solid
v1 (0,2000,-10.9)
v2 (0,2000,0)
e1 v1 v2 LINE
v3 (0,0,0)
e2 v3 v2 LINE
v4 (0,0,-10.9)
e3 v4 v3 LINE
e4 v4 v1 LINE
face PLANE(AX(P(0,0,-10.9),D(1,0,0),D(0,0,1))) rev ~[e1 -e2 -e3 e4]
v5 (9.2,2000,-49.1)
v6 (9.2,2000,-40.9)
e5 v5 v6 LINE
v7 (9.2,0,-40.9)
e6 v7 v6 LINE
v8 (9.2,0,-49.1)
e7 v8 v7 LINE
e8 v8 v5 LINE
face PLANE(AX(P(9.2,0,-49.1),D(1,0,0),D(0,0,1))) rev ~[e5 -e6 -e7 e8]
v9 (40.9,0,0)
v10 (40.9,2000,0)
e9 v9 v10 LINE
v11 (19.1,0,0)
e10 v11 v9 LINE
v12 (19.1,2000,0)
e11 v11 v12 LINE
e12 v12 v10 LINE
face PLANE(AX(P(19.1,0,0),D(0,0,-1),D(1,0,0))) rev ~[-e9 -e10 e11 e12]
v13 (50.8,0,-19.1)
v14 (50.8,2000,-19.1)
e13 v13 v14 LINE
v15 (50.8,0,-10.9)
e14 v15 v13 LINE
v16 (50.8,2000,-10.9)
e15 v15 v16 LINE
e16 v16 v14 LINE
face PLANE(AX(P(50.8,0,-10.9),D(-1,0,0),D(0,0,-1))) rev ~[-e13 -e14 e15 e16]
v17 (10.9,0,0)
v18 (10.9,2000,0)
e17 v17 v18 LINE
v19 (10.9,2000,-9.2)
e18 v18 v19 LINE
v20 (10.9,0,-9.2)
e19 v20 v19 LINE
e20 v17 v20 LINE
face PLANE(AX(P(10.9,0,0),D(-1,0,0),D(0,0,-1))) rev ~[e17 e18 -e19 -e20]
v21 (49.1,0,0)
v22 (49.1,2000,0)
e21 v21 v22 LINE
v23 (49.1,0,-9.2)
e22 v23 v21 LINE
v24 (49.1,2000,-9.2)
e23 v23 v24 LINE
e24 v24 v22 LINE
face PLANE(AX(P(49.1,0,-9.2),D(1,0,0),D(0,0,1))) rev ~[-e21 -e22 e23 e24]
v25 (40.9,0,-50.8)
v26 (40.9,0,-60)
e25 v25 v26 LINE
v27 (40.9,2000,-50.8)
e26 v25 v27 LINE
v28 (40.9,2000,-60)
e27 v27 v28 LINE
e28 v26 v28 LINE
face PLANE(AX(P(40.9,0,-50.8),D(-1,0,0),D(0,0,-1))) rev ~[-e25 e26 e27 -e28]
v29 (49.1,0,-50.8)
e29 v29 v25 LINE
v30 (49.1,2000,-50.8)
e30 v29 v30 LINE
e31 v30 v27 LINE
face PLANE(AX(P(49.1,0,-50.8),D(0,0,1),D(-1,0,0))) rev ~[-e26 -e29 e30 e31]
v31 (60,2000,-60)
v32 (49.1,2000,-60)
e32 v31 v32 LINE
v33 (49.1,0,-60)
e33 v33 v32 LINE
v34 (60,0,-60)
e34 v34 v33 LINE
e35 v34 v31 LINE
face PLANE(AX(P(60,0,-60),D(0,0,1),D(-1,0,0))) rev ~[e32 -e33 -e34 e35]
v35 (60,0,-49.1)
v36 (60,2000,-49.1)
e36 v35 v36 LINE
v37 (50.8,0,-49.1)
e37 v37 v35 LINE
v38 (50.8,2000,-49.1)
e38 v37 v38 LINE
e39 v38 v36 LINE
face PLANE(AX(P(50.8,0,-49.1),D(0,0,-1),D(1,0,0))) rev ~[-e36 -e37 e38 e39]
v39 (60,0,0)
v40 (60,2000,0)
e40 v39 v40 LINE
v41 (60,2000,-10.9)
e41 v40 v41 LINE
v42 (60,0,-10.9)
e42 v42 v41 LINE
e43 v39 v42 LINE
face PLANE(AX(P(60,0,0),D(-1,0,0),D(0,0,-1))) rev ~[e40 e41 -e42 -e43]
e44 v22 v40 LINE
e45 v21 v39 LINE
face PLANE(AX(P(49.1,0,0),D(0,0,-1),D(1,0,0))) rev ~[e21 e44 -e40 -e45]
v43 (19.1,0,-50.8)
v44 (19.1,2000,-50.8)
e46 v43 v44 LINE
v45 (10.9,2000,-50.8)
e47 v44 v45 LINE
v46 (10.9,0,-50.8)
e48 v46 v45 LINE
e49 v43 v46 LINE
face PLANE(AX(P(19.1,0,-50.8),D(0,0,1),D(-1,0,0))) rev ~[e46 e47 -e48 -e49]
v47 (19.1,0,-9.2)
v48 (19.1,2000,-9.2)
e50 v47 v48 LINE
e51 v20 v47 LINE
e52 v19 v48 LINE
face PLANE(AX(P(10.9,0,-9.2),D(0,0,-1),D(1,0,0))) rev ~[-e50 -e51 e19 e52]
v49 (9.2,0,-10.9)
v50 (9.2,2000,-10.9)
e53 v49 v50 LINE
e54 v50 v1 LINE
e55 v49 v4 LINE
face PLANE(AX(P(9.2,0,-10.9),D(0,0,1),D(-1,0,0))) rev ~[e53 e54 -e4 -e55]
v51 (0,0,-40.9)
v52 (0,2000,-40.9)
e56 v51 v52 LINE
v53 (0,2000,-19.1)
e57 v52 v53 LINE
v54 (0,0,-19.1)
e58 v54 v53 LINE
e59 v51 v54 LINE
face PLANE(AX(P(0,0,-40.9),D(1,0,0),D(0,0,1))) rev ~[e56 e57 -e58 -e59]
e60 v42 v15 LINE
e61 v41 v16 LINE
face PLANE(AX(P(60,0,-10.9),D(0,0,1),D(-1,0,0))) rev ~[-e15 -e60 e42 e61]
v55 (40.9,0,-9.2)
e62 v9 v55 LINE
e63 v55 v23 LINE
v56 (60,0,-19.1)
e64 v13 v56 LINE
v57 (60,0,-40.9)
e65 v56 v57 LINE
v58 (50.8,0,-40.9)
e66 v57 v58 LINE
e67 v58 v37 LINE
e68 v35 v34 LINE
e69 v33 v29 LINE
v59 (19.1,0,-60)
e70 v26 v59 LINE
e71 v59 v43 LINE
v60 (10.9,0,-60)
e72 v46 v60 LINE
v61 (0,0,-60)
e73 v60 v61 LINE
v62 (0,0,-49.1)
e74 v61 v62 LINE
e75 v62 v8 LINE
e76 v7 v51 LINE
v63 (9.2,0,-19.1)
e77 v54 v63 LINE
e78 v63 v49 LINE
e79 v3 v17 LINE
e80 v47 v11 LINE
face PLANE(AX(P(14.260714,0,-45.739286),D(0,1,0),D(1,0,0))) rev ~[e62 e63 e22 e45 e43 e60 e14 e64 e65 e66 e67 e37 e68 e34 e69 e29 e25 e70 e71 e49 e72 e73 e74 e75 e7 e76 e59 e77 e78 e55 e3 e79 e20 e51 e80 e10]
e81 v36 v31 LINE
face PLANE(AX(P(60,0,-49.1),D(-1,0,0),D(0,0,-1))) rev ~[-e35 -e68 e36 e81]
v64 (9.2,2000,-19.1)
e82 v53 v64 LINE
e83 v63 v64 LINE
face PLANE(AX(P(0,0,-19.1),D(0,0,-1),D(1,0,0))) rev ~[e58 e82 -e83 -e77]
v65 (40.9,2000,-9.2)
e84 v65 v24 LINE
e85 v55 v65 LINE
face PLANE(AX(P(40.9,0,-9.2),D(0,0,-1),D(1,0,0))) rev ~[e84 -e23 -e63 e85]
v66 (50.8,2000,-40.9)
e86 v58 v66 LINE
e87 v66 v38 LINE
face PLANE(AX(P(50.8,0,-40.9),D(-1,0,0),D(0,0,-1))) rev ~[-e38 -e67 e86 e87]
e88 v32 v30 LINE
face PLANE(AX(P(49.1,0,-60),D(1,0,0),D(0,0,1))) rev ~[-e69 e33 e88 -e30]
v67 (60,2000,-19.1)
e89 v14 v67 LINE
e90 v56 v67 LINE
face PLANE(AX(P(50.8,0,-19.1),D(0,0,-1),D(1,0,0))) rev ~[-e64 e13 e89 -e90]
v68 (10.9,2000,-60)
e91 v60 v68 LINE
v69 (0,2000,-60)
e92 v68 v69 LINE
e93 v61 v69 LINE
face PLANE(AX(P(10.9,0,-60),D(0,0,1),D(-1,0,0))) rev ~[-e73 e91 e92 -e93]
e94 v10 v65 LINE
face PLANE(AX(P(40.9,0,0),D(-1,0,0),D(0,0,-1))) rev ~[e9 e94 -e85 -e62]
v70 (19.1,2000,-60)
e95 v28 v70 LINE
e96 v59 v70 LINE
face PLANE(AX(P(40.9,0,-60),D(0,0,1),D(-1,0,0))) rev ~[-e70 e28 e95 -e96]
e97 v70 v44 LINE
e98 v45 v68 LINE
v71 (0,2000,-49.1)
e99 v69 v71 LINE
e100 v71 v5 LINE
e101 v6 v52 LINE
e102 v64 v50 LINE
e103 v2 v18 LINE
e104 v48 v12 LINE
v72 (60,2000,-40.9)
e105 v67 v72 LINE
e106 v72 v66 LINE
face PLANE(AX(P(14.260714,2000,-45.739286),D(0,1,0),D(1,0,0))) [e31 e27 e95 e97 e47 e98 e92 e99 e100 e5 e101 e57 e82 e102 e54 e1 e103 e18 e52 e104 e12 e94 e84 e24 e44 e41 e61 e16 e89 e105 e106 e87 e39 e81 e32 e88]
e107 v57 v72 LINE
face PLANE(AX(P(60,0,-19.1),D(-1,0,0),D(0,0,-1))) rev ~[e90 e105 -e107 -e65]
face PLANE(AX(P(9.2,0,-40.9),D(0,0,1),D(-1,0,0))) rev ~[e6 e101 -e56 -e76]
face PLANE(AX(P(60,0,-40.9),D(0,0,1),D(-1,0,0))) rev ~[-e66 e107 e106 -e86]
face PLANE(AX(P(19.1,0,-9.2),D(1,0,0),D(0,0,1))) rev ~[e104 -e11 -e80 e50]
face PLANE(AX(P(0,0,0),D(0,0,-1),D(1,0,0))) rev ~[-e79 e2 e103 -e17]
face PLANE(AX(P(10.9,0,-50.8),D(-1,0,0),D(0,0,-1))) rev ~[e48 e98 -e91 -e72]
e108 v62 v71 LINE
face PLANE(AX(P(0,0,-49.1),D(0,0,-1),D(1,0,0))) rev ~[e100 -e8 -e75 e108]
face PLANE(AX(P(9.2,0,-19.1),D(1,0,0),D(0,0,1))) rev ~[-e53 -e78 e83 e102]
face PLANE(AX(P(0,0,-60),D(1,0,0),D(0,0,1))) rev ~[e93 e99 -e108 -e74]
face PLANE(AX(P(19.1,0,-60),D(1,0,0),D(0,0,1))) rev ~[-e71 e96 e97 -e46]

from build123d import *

# Parameters (mm, degrees)
EXTRUDE_1_DEPTH = 2000


with BuildPart() as part:
    # 草图1 → 凸台-拉伸1 (new body)
    with BuildSketch(Plane(origin=(0, 0, 0), x_dir=(1, 0, 0), z_dir=(0, 1, 0))):
        Polygon((10.9, 60), (0, 60), (0, 49.1), (9.2, 49.1), (9.2, 40.9), (0, 40.9), (0, 30), (30, 30), (30, 60), (19.1, 60), (19.1, 50.8), (10.9, 50.8), align=None)
        Polygon((30, 30), (0, 30), (0, 19.1), (9.2, 19.1), (9.2, 10.9), (0, 10.9), (0, 0), (10.9, 0), (10.9, 9.2), (19.1, 9.2), (19.1, 0), (40.9, 0), (40.9, 9.2), (49.1, 9.2), (49.1, 0), (60, 0), (60, 10.9), (50.8, 10.9), (50.8, 19.1), (60, 19.1), (60, 40.9), (50.8, 40.9), (50.8, 49.1), (60, 49.1), (60, 60), (49.1, 60), (49.1, 50.8), (40.9, 50.8), (40.9, 60), (30, 60), align=None)
    extrude(amount=EXTRUDE_1_DEPTH)


solid = part.part
